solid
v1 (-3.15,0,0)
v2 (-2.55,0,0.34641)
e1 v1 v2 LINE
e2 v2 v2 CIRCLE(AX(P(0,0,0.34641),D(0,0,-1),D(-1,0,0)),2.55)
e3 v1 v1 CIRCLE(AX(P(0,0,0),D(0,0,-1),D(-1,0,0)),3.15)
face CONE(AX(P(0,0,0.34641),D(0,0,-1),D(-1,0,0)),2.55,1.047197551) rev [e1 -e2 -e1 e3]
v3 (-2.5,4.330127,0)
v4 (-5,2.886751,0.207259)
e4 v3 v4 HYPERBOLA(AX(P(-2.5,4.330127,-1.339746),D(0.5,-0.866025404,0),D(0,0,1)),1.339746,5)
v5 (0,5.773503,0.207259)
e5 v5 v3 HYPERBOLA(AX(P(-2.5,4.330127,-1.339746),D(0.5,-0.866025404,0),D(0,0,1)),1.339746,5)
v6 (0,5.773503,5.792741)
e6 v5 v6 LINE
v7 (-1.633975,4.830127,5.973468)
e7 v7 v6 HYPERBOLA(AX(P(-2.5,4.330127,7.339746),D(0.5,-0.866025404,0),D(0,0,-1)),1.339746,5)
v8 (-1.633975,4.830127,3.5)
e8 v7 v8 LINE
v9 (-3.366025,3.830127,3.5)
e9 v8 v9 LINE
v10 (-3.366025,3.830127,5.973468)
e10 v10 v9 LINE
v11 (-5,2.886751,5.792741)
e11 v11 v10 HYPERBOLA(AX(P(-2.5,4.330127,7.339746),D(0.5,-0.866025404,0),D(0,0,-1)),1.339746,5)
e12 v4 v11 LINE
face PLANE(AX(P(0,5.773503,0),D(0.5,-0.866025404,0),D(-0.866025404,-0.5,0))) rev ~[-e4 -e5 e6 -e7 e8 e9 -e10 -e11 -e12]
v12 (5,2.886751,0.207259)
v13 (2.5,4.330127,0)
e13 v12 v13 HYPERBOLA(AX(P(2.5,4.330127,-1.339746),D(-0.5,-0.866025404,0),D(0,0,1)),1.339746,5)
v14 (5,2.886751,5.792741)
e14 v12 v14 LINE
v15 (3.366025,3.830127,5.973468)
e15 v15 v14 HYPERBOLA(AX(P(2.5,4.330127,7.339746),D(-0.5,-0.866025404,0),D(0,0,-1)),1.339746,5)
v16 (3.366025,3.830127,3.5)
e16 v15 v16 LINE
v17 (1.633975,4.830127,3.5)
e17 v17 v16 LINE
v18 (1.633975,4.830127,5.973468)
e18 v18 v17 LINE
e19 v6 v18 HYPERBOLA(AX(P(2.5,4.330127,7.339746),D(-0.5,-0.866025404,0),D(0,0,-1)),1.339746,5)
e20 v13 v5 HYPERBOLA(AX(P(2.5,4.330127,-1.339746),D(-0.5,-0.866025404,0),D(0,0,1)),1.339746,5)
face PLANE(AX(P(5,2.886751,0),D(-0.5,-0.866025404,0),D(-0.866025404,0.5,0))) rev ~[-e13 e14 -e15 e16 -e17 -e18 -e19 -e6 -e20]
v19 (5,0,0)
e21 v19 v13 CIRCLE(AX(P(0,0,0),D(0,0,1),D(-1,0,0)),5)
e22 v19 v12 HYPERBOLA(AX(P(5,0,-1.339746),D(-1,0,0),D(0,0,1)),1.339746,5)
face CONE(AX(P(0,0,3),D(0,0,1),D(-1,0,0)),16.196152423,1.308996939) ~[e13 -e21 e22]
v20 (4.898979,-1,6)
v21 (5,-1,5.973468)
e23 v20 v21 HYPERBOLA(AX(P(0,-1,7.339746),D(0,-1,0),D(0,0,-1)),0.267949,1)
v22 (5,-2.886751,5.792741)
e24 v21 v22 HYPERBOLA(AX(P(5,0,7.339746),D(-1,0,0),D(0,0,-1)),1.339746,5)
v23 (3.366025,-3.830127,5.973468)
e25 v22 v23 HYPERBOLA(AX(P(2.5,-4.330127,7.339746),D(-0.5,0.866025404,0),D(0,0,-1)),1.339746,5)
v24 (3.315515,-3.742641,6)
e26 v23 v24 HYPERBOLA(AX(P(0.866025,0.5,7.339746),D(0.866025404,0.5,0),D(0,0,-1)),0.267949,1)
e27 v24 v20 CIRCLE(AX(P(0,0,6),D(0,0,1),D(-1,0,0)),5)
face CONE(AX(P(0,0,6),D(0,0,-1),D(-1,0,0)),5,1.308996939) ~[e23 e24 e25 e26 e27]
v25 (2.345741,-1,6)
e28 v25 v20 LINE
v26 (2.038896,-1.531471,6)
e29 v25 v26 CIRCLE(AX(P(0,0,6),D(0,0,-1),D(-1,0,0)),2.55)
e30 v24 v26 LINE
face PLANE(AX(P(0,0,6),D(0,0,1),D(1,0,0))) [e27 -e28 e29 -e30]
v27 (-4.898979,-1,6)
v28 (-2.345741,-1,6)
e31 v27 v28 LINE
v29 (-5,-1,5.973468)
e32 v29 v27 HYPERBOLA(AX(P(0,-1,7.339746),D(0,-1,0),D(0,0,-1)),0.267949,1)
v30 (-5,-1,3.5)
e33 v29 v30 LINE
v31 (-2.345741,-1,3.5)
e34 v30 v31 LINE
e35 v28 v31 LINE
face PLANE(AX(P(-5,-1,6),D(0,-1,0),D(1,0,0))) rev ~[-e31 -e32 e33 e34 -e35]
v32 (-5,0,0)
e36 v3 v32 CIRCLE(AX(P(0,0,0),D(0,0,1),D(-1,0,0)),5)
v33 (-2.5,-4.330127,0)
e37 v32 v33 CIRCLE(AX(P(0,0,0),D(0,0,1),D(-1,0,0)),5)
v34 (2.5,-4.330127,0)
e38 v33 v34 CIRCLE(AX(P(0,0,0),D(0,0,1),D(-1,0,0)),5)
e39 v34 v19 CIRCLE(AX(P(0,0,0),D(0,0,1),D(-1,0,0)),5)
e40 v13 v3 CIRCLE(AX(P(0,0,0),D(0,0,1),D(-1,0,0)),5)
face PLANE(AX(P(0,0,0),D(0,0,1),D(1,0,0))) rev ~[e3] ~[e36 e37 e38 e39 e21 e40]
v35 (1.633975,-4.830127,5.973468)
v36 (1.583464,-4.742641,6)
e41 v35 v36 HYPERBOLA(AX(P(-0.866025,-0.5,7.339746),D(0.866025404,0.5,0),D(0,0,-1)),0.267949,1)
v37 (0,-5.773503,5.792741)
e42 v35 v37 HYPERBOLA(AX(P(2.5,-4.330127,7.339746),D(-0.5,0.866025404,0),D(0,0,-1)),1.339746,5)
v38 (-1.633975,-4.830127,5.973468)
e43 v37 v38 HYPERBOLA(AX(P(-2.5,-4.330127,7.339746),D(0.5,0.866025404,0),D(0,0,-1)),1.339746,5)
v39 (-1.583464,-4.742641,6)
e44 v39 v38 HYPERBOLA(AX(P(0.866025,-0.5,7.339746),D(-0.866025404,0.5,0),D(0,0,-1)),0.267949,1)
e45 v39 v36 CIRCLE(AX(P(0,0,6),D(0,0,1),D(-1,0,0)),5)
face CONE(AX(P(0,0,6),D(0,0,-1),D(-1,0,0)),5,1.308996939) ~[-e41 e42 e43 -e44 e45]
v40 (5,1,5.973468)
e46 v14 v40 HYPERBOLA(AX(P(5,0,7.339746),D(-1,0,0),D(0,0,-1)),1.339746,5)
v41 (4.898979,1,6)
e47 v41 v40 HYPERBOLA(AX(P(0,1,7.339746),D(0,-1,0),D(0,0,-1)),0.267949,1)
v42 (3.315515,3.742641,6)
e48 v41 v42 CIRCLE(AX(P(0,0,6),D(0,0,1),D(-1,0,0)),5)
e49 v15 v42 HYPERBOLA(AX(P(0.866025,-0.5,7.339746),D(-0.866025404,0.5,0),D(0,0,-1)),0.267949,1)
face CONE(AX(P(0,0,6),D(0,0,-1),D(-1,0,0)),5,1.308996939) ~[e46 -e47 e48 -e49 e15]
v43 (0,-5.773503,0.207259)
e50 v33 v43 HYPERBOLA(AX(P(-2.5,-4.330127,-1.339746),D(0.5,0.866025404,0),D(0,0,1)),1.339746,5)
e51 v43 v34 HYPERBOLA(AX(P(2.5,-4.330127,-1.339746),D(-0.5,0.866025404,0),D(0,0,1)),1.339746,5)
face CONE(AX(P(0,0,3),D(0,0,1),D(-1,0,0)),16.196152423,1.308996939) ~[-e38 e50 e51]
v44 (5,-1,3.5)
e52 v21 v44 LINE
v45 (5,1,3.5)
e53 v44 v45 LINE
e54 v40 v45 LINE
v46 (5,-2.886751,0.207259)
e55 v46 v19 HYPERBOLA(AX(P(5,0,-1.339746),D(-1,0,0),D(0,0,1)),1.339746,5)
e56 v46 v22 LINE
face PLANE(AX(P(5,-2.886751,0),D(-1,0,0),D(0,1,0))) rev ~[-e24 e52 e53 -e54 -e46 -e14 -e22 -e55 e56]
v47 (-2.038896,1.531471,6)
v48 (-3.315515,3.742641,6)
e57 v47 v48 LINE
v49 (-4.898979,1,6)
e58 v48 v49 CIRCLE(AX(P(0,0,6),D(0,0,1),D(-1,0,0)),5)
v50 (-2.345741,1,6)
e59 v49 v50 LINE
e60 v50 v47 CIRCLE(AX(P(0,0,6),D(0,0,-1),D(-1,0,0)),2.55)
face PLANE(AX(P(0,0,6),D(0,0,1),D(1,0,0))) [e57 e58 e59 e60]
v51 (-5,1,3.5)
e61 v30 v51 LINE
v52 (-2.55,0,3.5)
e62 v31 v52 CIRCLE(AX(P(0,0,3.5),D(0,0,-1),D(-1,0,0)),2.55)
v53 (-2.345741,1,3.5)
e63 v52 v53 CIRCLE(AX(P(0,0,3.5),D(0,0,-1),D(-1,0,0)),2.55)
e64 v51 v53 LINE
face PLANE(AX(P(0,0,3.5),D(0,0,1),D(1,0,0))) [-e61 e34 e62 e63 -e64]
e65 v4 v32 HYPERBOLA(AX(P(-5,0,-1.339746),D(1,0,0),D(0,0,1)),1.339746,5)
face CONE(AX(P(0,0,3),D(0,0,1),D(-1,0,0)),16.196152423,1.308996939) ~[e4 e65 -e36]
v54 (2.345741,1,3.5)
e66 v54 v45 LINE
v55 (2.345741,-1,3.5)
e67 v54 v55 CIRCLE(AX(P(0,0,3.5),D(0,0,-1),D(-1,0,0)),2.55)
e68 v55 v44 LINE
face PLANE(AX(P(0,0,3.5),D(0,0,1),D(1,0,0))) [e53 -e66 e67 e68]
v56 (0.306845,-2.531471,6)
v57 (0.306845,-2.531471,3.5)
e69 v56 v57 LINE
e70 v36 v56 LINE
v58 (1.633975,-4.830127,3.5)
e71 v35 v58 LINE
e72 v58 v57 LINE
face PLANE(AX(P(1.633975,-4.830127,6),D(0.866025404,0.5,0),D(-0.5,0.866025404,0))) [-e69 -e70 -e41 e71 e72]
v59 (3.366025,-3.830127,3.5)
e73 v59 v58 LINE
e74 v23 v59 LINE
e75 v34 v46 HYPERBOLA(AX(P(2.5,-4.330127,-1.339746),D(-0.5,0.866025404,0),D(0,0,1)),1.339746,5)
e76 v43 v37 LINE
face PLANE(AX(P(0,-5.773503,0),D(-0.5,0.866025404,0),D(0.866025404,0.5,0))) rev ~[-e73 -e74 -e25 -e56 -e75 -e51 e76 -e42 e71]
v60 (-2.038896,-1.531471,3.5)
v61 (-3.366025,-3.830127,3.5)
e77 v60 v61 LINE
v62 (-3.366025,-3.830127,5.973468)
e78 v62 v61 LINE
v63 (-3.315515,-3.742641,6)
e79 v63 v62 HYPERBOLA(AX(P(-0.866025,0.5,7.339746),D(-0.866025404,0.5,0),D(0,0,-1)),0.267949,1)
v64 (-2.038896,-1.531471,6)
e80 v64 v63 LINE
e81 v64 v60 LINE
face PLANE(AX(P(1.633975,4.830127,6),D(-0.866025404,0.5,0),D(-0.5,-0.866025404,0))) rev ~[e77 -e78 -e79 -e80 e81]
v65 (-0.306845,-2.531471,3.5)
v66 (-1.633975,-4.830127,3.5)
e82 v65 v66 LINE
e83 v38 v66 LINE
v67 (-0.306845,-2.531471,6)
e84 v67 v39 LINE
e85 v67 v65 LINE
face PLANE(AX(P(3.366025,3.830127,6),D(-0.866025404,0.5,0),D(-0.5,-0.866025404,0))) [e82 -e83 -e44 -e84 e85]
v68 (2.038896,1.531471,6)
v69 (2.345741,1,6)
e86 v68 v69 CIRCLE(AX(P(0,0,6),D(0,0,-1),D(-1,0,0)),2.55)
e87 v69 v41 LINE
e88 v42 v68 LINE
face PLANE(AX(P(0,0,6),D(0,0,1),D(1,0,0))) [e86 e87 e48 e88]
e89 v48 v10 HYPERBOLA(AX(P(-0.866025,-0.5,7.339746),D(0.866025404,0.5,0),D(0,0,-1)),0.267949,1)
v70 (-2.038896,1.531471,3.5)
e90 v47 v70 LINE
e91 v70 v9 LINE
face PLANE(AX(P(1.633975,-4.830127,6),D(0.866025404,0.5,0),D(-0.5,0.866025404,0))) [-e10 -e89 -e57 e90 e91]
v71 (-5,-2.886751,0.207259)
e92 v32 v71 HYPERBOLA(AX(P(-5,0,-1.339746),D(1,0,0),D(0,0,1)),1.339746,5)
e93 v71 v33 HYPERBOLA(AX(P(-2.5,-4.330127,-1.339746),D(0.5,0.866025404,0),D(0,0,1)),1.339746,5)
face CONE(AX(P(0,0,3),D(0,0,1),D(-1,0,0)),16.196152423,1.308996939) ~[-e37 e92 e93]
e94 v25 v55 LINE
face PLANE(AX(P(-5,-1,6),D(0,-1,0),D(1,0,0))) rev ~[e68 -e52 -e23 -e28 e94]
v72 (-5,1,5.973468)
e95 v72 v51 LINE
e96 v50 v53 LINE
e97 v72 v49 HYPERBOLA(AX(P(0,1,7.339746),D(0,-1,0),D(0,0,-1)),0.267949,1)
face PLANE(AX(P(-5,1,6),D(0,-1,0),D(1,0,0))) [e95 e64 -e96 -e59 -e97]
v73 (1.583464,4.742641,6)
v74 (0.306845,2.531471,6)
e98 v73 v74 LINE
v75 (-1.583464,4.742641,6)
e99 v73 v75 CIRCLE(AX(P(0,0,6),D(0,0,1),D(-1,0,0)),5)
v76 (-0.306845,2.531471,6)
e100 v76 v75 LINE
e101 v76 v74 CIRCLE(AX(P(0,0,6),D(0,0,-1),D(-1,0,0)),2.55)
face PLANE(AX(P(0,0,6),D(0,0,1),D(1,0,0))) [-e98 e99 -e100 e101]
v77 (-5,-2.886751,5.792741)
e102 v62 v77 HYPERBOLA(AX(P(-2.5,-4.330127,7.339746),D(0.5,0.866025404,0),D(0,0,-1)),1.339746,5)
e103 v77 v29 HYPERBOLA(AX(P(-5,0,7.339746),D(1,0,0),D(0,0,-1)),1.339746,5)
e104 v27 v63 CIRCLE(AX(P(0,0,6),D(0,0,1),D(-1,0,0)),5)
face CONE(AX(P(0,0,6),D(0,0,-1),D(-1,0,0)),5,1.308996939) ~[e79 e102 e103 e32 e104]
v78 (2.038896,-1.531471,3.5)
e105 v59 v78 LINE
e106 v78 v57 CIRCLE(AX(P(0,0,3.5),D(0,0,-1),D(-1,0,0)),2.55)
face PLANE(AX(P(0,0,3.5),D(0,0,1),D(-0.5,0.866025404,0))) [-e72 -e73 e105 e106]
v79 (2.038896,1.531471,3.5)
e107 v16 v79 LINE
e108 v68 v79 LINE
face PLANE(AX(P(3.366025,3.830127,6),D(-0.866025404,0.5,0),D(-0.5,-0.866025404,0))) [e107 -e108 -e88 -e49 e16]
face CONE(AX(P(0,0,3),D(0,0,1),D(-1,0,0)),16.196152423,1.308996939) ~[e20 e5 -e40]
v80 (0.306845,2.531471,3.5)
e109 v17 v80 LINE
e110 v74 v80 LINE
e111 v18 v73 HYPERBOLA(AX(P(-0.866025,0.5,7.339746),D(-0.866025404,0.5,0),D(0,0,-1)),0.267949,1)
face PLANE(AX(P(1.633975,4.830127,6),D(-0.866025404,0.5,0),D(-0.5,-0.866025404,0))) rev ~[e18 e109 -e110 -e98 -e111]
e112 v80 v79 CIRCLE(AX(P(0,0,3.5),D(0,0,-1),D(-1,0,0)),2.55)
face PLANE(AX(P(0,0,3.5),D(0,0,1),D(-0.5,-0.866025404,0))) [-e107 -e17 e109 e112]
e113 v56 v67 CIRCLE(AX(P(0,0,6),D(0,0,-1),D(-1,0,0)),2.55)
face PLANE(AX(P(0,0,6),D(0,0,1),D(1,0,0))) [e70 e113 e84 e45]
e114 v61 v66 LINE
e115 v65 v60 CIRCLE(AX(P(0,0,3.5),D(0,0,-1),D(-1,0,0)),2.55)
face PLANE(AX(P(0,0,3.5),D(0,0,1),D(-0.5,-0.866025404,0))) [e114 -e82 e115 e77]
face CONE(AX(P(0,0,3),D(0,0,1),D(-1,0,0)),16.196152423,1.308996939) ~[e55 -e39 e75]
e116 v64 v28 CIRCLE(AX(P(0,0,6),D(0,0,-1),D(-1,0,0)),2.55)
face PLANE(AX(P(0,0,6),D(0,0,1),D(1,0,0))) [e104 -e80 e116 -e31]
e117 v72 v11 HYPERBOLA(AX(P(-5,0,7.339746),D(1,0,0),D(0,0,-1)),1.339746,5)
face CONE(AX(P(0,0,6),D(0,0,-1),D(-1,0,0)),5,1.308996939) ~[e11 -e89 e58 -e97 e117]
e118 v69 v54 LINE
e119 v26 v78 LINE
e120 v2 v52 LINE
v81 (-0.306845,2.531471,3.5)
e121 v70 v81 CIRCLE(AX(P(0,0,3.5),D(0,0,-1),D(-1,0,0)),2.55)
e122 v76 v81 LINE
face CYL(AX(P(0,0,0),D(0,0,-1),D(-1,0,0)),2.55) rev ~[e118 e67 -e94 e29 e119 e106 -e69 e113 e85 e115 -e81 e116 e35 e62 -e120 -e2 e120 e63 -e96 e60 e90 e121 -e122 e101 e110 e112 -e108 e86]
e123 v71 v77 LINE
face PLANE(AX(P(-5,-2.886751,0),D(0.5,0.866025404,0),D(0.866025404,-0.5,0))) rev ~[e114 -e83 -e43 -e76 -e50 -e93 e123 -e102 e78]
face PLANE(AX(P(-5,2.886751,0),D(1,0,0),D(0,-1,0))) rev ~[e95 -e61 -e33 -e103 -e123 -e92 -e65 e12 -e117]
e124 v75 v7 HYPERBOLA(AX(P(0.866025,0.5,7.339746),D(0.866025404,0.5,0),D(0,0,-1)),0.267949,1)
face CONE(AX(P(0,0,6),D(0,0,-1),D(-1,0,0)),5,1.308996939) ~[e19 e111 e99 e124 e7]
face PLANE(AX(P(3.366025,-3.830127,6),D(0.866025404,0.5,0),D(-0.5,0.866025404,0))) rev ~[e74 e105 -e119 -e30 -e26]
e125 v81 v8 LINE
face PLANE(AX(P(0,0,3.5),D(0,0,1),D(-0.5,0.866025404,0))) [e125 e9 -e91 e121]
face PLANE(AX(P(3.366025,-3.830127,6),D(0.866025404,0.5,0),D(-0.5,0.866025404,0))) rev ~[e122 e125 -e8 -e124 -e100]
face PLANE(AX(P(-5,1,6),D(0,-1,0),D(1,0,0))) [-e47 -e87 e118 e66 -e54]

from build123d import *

# Parameters (mm, degrees)
VYSUNOUT1_DEPTH          = 6
SKICA4_R                 = 2.55
ODEBRAT_VYSUNUT_M1_DEPTH = 10.712534856
SKICA5_W                 = 10
SKICA5_H                 = 2
ODEBRAT_VYSUNUT_M2_DEPTH = 2.5
KRUHOV_POLE1_COUNT       = 3
ZKOSIT1_SIZE             = 0.6
ZKOSIT1_SIZE2            = 0.346410162


with BuildPart() as part:
    # Skica1 → Vysunout1 (new body)
    with BuildSketch(Plane.XY):
        Polygon((5, -2.886751346), (5, 2.886751346), (0, 5.773502692), (-5, 2.886751346), (-5, -2.886751346), (0, -5.773502692), align=None)
    extrude(amount=VYSUNOUT1_DEPTH)

    # Skica3 → Odebrat otočením1 (revolve, cut)
    with BuildSketch(Plane(origin=(0, 0, 0), x_dir=(1, 0, 0), z_dir=(0, 1, 0))):
        Polygon((-16.196152423, -3), (-5, 0), (-16.196152423, 0), align=None)
        Polygon((-5, -6), (-16.196152423, -3), (-16.196152423, -6), align=None)
    revolve(axis=Axis((0, 0, 0), (0, 0, 1)), mode=Mode.SUBTRACT)

    # Skica4 → Odebrat vysunutím1 (cut, through all)
    with BuildSketch(Plane(origin=(0, 0, 0), x_dir=(-1, 0, 0), z_dir=(0, 0, -1))):
        Circle(SKICA4_R)
    extrude(amount=-ODEBRAT_VYSUNUT_M1_DEPTH, mode=Mode.SUBTRACT)

    # Skica5 → Odebrat vysunutím2 (cut)
    with BuildSketch(Plane.XY.offset(6)):
        Rectangle(SKICA5_W, SKICA5_H)
    odebrat_vysunut_m2 = extrude(amount=-ODEBRAT_VYSUNUT_M2_DEPTH, mode=Mode.SUBTRACT)

    # Kruhové pole1: Odebrat vysunutím2 ×3 about axis
    kruhov_pole1_axis = Axis((0, 0, 0), (0, 0, 1))
    for i in range(1, KRUHOV_POLE1_COUNT):
        add(odebrat_vysunut_m2.rotate(kruhov_pole1_axis, i * 360 / KRUHOV_POLE1_COUNT), mode=Mode.SUBTRACT)

    # Zkosit1
    zkosit1_edges = [part.edges().sort_by_distance(p)[0] for p in [
        (2.55, 0, 0),
    ]]
    zkosit1_side = [part.faces().sort_by_distance(p)[0] for p in [
        (4.207652517, -2.429289347, 0),
    ]]
    chamfer(zkosit1_edges, length=ZKOSIT1_SIZE, length2=ZKOSIT1_SIZE2, reference=zkosit1_side[0])


solid = part.part
